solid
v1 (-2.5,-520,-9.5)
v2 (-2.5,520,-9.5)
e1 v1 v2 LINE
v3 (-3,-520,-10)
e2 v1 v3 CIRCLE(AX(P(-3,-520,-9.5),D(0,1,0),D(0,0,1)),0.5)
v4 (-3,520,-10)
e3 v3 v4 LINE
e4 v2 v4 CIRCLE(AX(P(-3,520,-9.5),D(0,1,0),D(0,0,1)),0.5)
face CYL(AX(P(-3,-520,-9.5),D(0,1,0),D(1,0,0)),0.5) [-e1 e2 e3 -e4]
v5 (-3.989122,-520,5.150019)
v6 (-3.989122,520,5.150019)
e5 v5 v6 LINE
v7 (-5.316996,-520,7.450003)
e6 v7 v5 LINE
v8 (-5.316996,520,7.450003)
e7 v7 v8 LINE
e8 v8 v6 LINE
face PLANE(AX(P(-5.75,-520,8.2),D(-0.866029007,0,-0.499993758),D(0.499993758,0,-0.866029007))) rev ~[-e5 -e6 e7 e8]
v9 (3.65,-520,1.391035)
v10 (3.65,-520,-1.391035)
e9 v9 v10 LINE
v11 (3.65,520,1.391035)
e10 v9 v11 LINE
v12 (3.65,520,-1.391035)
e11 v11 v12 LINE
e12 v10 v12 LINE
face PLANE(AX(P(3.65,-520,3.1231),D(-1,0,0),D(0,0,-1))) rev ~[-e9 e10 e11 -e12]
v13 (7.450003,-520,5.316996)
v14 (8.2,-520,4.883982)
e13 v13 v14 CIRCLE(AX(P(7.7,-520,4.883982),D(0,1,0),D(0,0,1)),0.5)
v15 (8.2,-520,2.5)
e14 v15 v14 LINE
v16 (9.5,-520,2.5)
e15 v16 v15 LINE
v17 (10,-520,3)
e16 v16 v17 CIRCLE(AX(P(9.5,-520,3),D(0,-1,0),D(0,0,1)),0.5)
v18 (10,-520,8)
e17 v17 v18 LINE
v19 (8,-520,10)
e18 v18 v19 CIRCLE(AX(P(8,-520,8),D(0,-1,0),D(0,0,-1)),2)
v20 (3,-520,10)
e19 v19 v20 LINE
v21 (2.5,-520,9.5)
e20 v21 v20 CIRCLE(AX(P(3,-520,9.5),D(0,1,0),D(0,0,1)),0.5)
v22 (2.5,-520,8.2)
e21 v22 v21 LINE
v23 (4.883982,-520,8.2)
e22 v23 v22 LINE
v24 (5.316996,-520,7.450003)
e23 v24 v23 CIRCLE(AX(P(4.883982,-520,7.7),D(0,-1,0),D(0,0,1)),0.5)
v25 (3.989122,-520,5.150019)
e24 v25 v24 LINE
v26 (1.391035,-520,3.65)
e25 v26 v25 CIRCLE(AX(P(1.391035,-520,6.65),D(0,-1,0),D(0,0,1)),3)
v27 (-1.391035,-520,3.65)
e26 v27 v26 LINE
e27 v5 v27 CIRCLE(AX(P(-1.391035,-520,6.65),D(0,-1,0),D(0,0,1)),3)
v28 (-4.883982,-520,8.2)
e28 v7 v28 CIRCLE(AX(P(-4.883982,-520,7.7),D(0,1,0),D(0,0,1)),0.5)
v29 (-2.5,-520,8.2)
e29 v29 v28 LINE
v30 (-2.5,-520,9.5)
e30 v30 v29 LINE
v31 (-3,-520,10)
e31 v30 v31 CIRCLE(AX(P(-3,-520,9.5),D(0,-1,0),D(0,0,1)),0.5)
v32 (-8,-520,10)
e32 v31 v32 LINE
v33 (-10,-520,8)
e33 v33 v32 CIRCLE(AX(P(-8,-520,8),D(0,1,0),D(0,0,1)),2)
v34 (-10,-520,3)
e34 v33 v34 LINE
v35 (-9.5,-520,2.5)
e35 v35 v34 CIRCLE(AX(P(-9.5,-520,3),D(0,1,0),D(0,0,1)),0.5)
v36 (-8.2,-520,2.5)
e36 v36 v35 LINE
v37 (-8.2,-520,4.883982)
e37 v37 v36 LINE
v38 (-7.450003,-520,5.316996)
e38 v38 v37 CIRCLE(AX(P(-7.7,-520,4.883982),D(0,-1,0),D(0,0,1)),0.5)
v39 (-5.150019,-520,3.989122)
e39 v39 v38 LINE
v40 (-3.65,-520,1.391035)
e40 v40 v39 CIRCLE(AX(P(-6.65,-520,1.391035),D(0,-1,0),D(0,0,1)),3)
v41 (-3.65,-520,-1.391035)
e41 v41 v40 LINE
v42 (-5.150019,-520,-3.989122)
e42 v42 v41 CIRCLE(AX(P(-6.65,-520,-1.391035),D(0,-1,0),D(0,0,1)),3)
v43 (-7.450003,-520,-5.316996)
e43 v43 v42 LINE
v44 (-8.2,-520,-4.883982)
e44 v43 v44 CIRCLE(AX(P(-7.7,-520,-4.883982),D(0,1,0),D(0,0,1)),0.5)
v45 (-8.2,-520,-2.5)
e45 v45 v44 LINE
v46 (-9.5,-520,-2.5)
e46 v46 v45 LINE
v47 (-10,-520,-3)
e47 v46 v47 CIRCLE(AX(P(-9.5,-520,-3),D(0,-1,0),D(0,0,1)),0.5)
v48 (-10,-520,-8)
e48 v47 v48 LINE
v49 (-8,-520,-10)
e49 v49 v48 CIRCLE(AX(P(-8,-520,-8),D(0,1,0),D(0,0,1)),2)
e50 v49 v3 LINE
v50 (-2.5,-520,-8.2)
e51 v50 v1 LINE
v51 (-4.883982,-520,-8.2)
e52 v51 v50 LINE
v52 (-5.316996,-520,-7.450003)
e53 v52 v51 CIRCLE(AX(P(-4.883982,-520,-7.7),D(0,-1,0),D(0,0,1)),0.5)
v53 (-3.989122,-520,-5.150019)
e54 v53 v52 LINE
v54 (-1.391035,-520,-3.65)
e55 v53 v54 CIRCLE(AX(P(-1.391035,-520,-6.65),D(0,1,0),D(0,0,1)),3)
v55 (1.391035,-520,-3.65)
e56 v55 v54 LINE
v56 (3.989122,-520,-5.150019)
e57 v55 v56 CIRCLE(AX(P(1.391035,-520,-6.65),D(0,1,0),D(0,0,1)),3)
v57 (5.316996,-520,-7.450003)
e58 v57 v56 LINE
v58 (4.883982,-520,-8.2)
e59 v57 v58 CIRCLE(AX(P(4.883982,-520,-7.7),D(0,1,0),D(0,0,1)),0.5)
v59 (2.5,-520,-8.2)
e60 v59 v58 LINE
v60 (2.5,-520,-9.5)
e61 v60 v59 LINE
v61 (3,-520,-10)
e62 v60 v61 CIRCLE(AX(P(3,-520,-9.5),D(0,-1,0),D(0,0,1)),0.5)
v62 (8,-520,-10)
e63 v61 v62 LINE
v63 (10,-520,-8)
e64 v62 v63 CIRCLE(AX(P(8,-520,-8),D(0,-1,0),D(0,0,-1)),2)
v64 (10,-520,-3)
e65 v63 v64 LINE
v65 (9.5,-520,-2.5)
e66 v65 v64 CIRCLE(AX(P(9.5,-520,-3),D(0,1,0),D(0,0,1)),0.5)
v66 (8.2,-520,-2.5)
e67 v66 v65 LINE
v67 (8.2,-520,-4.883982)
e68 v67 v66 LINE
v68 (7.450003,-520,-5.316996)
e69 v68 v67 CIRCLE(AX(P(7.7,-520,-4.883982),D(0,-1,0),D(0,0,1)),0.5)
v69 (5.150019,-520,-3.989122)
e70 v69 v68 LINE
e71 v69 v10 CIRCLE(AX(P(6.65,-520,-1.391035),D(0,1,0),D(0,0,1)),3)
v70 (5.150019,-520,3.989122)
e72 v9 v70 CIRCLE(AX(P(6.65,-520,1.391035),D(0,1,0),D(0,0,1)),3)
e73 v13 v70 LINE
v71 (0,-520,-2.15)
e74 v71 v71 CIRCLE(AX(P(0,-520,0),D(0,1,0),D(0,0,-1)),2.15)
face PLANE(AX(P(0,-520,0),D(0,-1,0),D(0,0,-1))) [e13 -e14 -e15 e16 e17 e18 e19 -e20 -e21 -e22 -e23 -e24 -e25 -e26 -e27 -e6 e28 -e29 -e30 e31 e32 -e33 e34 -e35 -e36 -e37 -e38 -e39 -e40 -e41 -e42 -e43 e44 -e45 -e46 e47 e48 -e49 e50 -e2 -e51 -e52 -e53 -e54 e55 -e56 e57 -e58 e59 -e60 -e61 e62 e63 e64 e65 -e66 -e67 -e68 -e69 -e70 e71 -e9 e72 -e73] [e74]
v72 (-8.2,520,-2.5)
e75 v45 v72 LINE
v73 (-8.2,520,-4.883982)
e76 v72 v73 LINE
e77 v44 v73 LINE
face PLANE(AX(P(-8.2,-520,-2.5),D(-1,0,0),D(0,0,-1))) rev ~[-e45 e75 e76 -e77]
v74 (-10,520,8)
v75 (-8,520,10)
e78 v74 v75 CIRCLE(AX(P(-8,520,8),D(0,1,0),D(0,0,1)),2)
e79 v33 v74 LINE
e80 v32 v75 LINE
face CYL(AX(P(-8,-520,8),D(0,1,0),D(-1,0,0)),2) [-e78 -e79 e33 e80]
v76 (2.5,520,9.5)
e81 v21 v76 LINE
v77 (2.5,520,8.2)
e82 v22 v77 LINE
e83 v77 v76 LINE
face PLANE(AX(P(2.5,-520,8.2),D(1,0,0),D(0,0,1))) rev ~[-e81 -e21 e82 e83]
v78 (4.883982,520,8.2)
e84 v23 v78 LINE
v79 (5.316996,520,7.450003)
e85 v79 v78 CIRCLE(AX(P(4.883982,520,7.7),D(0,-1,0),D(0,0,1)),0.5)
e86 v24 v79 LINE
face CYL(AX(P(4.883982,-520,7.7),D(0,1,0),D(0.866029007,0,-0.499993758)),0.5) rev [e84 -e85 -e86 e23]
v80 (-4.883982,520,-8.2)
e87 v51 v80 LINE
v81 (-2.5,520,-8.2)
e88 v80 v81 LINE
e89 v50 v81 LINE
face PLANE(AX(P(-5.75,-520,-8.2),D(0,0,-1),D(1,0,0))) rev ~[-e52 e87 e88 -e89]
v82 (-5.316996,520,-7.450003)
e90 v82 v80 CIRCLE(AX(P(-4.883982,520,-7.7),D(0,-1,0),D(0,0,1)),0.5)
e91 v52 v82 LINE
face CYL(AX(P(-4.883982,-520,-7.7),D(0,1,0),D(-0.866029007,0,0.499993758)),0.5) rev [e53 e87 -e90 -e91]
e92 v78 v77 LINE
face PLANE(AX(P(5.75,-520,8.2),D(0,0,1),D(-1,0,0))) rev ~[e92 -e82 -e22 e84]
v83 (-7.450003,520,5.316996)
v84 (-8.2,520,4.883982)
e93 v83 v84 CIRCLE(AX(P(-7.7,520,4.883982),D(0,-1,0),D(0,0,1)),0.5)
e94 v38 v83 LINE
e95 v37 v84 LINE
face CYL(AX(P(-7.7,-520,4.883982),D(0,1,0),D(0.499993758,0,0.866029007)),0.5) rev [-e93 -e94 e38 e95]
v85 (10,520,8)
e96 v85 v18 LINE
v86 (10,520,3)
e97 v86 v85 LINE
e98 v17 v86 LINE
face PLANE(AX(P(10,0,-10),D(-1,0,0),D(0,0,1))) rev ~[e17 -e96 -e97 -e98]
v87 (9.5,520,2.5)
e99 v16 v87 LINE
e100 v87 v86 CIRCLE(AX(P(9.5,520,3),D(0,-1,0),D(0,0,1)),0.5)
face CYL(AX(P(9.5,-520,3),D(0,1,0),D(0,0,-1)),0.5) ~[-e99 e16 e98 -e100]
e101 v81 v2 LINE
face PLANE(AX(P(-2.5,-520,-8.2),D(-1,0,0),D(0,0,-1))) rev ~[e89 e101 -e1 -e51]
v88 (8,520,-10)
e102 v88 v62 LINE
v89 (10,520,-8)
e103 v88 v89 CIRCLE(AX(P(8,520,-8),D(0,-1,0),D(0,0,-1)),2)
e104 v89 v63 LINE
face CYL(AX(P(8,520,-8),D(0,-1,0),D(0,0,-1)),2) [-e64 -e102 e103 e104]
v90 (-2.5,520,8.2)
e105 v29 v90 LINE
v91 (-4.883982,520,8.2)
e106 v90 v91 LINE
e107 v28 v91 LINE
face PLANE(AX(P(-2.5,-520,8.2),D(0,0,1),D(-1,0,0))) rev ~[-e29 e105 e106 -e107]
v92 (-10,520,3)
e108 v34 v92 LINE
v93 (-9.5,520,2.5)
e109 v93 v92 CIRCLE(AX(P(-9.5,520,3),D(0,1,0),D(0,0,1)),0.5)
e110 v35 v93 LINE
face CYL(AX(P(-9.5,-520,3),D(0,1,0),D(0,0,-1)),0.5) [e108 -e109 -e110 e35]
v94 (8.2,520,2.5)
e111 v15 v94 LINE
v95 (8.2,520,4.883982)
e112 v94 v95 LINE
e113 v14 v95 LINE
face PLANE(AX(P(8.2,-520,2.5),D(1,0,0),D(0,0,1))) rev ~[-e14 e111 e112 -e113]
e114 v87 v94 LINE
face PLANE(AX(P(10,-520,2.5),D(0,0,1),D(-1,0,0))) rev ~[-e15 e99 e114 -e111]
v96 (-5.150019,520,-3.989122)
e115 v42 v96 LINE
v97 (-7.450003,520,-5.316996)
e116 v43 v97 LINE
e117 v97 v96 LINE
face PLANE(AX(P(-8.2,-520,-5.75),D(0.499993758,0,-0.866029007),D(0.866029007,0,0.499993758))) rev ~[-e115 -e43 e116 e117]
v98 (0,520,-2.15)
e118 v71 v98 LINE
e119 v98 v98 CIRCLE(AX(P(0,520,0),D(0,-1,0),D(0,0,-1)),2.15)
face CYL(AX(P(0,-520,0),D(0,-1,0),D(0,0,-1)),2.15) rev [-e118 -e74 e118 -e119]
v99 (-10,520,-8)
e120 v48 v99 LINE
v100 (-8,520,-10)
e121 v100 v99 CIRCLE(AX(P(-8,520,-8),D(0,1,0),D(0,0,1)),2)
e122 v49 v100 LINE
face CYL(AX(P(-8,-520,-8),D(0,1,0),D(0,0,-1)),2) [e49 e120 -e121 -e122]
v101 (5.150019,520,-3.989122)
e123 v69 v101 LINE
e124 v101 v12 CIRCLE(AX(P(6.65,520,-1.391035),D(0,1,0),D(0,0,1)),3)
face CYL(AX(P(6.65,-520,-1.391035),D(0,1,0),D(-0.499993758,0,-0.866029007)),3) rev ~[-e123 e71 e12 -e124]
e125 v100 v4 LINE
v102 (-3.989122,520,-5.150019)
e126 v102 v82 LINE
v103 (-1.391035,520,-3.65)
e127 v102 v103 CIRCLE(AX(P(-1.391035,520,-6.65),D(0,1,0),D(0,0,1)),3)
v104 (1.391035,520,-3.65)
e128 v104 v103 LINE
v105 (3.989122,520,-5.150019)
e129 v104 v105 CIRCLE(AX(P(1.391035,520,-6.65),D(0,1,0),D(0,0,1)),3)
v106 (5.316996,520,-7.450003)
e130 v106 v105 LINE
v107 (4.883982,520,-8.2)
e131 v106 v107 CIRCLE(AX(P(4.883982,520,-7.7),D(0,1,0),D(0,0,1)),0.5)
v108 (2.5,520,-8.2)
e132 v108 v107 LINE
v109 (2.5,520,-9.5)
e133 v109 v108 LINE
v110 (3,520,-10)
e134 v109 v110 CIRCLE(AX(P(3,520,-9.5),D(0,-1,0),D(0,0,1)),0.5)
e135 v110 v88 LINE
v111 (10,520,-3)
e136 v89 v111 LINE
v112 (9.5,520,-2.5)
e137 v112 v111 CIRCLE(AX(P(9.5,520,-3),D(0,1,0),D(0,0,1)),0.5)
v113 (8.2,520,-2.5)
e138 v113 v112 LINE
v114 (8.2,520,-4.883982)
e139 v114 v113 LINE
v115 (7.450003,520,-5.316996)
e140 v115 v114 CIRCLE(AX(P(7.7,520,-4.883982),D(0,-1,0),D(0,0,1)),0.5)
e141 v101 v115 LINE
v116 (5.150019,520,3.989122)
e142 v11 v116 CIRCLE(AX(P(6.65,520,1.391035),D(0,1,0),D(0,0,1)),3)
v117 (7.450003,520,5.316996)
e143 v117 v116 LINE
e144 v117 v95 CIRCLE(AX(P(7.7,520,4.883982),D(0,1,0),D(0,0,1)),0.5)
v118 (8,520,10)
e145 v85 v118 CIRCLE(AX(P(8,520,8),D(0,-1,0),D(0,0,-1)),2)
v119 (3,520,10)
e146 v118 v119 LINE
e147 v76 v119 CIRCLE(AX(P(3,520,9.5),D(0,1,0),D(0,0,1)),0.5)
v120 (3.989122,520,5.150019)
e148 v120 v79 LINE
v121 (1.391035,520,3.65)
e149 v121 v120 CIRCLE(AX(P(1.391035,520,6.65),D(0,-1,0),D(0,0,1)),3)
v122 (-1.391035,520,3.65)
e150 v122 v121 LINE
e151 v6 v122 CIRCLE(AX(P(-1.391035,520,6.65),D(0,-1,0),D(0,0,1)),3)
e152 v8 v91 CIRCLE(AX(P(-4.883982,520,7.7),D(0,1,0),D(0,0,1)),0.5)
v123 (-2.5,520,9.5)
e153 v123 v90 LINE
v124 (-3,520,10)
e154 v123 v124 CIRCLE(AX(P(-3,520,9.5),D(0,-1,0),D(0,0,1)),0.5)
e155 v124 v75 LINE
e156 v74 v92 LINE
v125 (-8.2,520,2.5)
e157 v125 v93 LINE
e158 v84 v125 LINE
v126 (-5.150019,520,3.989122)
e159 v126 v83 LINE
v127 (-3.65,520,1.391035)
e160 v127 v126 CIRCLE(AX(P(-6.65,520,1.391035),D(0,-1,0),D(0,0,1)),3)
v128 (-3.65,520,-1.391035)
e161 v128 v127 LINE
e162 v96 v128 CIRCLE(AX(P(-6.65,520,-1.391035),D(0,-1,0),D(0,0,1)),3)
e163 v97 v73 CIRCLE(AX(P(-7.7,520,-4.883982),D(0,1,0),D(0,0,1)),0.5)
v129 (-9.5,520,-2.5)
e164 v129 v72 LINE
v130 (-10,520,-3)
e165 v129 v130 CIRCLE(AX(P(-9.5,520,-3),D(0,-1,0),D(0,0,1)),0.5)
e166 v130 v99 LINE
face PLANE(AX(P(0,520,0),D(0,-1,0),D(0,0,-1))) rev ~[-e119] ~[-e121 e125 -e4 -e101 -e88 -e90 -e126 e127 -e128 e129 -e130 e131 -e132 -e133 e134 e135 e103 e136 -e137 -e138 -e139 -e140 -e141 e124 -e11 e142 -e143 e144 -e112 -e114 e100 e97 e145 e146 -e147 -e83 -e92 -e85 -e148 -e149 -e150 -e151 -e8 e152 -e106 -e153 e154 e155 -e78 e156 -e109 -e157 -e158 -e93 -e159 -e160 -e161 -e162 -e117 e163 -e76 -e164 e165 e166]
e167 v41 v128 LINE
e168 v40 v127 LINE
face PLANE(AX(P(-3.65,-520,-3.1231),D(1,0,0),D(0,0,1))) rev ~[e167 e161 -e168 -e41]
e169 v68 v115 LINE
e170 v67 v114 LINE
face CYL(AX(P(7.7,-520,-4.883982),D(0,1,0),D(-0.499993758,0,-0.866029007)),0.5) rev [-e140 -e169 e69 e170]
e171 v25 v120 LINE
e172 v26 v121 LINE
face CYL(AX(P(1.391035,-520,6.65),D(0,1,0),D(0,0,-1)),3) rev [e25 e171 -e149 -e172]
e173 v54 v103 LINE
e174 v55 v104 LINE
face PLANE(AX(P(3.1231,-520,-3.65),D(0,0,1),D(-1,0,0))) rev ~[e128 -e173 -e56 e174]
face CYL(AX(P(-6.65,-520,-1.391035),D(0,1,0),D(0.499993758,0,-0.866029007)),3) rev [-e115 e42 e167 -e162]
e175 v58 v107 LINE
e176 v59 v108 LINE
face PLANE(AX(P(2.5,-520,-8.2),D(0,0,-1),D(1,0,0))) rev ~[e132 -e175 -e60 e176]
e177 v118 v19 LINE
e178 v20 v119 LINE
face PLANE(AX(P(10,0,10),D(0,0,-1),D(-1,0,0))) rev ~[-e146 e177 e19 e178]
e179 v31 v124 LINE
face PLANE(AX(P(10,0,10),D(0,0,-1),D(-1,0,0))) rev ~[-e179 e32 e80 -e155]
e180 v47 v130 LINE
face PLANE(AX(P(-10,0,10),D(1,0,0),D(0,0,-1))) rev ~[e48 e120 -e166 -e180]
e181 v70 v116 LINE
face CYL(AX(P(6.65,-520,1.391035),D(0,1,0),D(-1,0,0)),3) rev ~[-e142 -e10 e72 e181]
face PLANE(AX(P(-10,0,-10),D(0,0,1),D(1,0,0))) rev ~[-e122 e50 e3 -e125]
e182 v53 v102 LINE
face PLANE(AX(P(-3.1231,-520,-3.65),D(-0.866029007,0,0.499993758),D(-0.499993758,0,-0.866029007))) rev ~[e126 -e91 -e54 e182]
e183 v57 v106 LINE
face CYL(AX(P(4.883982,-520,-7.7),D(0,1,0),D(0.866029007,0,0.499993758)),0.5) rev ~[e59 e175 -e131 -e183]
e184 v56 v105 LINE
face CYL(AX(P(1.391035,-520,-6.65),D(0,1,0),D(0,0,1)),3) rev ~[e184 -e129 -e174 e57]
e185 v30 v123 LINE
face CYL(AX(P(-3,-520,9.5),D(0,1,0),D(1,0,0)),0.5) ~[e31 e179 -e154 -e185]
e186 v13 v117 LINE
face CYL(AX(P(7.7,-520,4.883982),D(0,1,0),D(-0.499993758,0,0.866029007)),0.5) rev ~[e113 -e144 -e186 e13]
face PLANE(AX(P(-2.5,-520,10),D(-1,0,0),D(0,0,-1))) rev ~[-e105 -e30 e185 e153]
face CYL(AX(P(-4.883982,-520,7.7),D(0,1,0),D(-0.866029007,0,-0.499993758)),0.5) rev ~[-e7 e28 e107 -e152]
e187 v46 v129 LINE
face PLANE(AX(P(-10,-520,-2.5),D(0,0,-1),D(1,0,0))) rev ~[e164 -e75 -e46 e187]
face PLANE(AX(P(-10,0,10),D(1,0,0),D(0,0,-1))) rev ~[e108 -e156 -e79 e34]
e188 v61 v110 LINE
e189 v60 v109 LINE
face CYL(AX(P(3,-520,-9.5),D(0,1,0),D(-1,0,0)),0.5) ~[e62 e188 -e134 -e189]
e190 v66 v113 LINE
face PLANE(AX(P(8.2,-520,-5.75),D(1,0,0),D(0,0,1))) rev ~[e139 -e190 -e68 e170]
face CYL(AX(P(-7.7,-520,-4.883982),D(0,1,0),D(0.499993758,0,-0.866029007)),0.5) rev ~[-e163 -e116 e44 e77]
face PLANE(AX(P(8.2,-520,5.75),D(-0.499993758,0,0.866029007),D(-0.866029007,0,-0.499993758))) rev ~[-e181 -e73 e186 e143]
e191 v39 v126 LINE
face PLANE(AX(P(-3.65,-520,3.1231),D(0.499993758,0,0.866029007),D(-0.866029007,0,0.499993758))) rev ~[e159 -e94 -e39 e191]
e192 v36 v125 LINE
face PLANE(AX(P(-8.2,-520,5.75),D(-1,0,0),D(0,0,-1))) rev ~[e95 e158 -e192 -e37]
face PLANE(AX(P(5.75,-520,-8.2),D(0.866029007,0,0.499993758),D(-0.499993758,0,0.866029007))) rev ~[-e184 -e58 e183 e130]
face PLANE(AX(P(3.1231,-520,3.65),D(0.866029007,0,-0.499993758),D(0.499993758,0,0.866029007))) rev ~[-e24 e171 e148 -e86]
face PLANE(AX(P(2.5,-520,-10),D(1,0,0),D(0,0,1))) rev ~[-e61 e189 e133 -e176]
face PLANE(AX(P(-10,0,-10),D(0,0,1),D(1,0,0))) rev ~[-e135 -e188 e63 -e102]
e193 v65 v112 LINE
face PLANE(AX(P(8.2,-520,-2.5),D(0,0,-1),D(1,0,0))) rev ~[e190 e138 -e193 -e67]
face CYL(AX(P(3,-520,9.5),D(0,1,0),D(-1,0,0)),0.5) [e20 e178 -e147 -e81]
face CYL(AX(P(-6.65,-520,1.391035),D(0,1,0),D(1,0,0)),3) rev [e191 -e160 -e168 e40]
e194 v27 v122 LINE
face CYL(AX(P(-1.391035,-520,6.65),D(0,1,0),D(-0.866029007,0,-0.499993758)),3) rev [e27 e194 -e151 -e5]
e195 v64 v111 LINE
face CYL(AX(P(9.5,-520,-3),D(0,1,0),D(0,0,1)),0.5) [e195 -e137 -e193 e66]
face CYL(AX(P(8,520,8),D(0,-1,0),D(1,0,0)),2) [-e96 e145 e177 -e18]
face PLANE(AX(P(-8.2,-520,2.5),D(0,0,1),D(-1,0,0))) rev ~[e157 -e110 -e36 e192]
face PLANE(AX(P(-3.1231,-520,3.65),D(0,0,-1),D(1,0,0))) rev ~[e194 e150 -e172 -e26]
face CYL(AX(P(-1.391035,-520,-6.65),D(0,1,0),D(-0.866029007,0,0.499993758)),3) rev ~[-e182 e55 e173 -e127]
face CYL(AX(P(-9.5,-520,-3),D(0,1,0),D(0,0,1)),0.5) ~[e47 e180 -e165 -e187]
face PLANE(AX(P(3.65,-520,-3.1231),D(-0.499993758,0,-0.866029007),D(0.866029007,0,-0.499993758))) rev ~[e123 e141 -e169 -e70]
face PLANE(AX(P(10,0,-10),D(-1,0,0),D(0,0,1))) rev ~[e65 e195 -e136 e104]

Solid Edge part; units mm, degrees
sketch "Sketch1" plane through (0, 0, 0) normal (0, -1, 0) x (1, 0, 0)
  line L0 (-10, -10) -> (10, -10)
  line L1 (10, -10) -> (10, 10)
  line L2 (10, 10) -> (-10, 10)
  line L3 (-10, 10) -> (-10, -10)
  dimension "D1" = 20
  dimension "D2" = 20
extrude "Protrusion1" add sketch "Sketch1" along normal mid plane 1040
sketch "Sketch2" plane through (0, -520, 0) normal (0, -1, 0) x (1, 0, 0)
  line L0 (-2.5, 10) -> (-2.5, 8.2)
  line L1 (-2.5, 8.2) -> (-5.75, 8.2)
  line L2 (-5.75, 8.2) -> (-3.1231, 3.65)
  line L3 (-3.1231, 3.65) -> (3.1231, 3.65)
  line L4 (3.1231, 3.65) -> (5.75, 8.2)
  line L5 (5.75, 8.2) -> (2.5, 8.2)
  line L6 (2.5, 8.2) -> (2.5, 10)
  line L7 (2.5, 10) -> (-2.5, 10)
  dimension "D1" = 11.5
  dimension "D2" = 1.8
  dimension "D3" = 5
  dimension "D4" = 6.35
extrude "Cutout1" cut sketch "Sketch2" against normal through all
fillet "Verrundung_1" radius 2 4 edges at (10, 0, 10) (-10, 0, 10) (10, 0, -10) (-10, 0, -10)
fillet "Verrundung_2" radius 3 2 edges at (-3.1231, 0, 3.65) (3.1231, 0, 3.65)
fillet "Verrundung_3" radius 0.5 4 edges at (-5.75, 0, 8.2) (5.75, 0, 8.2) (-2.5, 0, 10) (2.5, 0, 10)
hole "Bohrung_1" at (0, -520, 0) direction (0, 1, 0) diameter 4.3 end up to next
pattern_circular "Pattern1" count 4 over 360 about axis through (0, -520, 0) along (0, -1, 0) of "Cutout1"
fillet "Round1" radius 3 2 edges at (-3.65, 0, -3.1231) (-3.65, 0, 3.1231)
fillet "Round2" radius 0.5 4 edges at (-8.2, 0, -5.75) (-8.2, 0, 5.75) (-10, 0, -2.5) (-10, 0, 2.5)
fillet "Round3" radius 3 2 edges at (3.1231, 0, -3.65) (-3.1231, 0, -3.65)
fillet "Round4" radius 0.5 4 edges at (5.75, 0, -8.2) (-5.75, 0, -8.2) (2.5, 0, -10) (-2.5, 0, -10)
fillet "Round5" radius 3 2 edges at (3.65, 0, 3.1231) (3.65, 0, -3.1231)
fillet "Round6" radius 0.5 4 edges at (8.2, 0, 5.75) (8.2, 0, -5.75) (10, 0, 2.5) (10, 0, -2.5)
